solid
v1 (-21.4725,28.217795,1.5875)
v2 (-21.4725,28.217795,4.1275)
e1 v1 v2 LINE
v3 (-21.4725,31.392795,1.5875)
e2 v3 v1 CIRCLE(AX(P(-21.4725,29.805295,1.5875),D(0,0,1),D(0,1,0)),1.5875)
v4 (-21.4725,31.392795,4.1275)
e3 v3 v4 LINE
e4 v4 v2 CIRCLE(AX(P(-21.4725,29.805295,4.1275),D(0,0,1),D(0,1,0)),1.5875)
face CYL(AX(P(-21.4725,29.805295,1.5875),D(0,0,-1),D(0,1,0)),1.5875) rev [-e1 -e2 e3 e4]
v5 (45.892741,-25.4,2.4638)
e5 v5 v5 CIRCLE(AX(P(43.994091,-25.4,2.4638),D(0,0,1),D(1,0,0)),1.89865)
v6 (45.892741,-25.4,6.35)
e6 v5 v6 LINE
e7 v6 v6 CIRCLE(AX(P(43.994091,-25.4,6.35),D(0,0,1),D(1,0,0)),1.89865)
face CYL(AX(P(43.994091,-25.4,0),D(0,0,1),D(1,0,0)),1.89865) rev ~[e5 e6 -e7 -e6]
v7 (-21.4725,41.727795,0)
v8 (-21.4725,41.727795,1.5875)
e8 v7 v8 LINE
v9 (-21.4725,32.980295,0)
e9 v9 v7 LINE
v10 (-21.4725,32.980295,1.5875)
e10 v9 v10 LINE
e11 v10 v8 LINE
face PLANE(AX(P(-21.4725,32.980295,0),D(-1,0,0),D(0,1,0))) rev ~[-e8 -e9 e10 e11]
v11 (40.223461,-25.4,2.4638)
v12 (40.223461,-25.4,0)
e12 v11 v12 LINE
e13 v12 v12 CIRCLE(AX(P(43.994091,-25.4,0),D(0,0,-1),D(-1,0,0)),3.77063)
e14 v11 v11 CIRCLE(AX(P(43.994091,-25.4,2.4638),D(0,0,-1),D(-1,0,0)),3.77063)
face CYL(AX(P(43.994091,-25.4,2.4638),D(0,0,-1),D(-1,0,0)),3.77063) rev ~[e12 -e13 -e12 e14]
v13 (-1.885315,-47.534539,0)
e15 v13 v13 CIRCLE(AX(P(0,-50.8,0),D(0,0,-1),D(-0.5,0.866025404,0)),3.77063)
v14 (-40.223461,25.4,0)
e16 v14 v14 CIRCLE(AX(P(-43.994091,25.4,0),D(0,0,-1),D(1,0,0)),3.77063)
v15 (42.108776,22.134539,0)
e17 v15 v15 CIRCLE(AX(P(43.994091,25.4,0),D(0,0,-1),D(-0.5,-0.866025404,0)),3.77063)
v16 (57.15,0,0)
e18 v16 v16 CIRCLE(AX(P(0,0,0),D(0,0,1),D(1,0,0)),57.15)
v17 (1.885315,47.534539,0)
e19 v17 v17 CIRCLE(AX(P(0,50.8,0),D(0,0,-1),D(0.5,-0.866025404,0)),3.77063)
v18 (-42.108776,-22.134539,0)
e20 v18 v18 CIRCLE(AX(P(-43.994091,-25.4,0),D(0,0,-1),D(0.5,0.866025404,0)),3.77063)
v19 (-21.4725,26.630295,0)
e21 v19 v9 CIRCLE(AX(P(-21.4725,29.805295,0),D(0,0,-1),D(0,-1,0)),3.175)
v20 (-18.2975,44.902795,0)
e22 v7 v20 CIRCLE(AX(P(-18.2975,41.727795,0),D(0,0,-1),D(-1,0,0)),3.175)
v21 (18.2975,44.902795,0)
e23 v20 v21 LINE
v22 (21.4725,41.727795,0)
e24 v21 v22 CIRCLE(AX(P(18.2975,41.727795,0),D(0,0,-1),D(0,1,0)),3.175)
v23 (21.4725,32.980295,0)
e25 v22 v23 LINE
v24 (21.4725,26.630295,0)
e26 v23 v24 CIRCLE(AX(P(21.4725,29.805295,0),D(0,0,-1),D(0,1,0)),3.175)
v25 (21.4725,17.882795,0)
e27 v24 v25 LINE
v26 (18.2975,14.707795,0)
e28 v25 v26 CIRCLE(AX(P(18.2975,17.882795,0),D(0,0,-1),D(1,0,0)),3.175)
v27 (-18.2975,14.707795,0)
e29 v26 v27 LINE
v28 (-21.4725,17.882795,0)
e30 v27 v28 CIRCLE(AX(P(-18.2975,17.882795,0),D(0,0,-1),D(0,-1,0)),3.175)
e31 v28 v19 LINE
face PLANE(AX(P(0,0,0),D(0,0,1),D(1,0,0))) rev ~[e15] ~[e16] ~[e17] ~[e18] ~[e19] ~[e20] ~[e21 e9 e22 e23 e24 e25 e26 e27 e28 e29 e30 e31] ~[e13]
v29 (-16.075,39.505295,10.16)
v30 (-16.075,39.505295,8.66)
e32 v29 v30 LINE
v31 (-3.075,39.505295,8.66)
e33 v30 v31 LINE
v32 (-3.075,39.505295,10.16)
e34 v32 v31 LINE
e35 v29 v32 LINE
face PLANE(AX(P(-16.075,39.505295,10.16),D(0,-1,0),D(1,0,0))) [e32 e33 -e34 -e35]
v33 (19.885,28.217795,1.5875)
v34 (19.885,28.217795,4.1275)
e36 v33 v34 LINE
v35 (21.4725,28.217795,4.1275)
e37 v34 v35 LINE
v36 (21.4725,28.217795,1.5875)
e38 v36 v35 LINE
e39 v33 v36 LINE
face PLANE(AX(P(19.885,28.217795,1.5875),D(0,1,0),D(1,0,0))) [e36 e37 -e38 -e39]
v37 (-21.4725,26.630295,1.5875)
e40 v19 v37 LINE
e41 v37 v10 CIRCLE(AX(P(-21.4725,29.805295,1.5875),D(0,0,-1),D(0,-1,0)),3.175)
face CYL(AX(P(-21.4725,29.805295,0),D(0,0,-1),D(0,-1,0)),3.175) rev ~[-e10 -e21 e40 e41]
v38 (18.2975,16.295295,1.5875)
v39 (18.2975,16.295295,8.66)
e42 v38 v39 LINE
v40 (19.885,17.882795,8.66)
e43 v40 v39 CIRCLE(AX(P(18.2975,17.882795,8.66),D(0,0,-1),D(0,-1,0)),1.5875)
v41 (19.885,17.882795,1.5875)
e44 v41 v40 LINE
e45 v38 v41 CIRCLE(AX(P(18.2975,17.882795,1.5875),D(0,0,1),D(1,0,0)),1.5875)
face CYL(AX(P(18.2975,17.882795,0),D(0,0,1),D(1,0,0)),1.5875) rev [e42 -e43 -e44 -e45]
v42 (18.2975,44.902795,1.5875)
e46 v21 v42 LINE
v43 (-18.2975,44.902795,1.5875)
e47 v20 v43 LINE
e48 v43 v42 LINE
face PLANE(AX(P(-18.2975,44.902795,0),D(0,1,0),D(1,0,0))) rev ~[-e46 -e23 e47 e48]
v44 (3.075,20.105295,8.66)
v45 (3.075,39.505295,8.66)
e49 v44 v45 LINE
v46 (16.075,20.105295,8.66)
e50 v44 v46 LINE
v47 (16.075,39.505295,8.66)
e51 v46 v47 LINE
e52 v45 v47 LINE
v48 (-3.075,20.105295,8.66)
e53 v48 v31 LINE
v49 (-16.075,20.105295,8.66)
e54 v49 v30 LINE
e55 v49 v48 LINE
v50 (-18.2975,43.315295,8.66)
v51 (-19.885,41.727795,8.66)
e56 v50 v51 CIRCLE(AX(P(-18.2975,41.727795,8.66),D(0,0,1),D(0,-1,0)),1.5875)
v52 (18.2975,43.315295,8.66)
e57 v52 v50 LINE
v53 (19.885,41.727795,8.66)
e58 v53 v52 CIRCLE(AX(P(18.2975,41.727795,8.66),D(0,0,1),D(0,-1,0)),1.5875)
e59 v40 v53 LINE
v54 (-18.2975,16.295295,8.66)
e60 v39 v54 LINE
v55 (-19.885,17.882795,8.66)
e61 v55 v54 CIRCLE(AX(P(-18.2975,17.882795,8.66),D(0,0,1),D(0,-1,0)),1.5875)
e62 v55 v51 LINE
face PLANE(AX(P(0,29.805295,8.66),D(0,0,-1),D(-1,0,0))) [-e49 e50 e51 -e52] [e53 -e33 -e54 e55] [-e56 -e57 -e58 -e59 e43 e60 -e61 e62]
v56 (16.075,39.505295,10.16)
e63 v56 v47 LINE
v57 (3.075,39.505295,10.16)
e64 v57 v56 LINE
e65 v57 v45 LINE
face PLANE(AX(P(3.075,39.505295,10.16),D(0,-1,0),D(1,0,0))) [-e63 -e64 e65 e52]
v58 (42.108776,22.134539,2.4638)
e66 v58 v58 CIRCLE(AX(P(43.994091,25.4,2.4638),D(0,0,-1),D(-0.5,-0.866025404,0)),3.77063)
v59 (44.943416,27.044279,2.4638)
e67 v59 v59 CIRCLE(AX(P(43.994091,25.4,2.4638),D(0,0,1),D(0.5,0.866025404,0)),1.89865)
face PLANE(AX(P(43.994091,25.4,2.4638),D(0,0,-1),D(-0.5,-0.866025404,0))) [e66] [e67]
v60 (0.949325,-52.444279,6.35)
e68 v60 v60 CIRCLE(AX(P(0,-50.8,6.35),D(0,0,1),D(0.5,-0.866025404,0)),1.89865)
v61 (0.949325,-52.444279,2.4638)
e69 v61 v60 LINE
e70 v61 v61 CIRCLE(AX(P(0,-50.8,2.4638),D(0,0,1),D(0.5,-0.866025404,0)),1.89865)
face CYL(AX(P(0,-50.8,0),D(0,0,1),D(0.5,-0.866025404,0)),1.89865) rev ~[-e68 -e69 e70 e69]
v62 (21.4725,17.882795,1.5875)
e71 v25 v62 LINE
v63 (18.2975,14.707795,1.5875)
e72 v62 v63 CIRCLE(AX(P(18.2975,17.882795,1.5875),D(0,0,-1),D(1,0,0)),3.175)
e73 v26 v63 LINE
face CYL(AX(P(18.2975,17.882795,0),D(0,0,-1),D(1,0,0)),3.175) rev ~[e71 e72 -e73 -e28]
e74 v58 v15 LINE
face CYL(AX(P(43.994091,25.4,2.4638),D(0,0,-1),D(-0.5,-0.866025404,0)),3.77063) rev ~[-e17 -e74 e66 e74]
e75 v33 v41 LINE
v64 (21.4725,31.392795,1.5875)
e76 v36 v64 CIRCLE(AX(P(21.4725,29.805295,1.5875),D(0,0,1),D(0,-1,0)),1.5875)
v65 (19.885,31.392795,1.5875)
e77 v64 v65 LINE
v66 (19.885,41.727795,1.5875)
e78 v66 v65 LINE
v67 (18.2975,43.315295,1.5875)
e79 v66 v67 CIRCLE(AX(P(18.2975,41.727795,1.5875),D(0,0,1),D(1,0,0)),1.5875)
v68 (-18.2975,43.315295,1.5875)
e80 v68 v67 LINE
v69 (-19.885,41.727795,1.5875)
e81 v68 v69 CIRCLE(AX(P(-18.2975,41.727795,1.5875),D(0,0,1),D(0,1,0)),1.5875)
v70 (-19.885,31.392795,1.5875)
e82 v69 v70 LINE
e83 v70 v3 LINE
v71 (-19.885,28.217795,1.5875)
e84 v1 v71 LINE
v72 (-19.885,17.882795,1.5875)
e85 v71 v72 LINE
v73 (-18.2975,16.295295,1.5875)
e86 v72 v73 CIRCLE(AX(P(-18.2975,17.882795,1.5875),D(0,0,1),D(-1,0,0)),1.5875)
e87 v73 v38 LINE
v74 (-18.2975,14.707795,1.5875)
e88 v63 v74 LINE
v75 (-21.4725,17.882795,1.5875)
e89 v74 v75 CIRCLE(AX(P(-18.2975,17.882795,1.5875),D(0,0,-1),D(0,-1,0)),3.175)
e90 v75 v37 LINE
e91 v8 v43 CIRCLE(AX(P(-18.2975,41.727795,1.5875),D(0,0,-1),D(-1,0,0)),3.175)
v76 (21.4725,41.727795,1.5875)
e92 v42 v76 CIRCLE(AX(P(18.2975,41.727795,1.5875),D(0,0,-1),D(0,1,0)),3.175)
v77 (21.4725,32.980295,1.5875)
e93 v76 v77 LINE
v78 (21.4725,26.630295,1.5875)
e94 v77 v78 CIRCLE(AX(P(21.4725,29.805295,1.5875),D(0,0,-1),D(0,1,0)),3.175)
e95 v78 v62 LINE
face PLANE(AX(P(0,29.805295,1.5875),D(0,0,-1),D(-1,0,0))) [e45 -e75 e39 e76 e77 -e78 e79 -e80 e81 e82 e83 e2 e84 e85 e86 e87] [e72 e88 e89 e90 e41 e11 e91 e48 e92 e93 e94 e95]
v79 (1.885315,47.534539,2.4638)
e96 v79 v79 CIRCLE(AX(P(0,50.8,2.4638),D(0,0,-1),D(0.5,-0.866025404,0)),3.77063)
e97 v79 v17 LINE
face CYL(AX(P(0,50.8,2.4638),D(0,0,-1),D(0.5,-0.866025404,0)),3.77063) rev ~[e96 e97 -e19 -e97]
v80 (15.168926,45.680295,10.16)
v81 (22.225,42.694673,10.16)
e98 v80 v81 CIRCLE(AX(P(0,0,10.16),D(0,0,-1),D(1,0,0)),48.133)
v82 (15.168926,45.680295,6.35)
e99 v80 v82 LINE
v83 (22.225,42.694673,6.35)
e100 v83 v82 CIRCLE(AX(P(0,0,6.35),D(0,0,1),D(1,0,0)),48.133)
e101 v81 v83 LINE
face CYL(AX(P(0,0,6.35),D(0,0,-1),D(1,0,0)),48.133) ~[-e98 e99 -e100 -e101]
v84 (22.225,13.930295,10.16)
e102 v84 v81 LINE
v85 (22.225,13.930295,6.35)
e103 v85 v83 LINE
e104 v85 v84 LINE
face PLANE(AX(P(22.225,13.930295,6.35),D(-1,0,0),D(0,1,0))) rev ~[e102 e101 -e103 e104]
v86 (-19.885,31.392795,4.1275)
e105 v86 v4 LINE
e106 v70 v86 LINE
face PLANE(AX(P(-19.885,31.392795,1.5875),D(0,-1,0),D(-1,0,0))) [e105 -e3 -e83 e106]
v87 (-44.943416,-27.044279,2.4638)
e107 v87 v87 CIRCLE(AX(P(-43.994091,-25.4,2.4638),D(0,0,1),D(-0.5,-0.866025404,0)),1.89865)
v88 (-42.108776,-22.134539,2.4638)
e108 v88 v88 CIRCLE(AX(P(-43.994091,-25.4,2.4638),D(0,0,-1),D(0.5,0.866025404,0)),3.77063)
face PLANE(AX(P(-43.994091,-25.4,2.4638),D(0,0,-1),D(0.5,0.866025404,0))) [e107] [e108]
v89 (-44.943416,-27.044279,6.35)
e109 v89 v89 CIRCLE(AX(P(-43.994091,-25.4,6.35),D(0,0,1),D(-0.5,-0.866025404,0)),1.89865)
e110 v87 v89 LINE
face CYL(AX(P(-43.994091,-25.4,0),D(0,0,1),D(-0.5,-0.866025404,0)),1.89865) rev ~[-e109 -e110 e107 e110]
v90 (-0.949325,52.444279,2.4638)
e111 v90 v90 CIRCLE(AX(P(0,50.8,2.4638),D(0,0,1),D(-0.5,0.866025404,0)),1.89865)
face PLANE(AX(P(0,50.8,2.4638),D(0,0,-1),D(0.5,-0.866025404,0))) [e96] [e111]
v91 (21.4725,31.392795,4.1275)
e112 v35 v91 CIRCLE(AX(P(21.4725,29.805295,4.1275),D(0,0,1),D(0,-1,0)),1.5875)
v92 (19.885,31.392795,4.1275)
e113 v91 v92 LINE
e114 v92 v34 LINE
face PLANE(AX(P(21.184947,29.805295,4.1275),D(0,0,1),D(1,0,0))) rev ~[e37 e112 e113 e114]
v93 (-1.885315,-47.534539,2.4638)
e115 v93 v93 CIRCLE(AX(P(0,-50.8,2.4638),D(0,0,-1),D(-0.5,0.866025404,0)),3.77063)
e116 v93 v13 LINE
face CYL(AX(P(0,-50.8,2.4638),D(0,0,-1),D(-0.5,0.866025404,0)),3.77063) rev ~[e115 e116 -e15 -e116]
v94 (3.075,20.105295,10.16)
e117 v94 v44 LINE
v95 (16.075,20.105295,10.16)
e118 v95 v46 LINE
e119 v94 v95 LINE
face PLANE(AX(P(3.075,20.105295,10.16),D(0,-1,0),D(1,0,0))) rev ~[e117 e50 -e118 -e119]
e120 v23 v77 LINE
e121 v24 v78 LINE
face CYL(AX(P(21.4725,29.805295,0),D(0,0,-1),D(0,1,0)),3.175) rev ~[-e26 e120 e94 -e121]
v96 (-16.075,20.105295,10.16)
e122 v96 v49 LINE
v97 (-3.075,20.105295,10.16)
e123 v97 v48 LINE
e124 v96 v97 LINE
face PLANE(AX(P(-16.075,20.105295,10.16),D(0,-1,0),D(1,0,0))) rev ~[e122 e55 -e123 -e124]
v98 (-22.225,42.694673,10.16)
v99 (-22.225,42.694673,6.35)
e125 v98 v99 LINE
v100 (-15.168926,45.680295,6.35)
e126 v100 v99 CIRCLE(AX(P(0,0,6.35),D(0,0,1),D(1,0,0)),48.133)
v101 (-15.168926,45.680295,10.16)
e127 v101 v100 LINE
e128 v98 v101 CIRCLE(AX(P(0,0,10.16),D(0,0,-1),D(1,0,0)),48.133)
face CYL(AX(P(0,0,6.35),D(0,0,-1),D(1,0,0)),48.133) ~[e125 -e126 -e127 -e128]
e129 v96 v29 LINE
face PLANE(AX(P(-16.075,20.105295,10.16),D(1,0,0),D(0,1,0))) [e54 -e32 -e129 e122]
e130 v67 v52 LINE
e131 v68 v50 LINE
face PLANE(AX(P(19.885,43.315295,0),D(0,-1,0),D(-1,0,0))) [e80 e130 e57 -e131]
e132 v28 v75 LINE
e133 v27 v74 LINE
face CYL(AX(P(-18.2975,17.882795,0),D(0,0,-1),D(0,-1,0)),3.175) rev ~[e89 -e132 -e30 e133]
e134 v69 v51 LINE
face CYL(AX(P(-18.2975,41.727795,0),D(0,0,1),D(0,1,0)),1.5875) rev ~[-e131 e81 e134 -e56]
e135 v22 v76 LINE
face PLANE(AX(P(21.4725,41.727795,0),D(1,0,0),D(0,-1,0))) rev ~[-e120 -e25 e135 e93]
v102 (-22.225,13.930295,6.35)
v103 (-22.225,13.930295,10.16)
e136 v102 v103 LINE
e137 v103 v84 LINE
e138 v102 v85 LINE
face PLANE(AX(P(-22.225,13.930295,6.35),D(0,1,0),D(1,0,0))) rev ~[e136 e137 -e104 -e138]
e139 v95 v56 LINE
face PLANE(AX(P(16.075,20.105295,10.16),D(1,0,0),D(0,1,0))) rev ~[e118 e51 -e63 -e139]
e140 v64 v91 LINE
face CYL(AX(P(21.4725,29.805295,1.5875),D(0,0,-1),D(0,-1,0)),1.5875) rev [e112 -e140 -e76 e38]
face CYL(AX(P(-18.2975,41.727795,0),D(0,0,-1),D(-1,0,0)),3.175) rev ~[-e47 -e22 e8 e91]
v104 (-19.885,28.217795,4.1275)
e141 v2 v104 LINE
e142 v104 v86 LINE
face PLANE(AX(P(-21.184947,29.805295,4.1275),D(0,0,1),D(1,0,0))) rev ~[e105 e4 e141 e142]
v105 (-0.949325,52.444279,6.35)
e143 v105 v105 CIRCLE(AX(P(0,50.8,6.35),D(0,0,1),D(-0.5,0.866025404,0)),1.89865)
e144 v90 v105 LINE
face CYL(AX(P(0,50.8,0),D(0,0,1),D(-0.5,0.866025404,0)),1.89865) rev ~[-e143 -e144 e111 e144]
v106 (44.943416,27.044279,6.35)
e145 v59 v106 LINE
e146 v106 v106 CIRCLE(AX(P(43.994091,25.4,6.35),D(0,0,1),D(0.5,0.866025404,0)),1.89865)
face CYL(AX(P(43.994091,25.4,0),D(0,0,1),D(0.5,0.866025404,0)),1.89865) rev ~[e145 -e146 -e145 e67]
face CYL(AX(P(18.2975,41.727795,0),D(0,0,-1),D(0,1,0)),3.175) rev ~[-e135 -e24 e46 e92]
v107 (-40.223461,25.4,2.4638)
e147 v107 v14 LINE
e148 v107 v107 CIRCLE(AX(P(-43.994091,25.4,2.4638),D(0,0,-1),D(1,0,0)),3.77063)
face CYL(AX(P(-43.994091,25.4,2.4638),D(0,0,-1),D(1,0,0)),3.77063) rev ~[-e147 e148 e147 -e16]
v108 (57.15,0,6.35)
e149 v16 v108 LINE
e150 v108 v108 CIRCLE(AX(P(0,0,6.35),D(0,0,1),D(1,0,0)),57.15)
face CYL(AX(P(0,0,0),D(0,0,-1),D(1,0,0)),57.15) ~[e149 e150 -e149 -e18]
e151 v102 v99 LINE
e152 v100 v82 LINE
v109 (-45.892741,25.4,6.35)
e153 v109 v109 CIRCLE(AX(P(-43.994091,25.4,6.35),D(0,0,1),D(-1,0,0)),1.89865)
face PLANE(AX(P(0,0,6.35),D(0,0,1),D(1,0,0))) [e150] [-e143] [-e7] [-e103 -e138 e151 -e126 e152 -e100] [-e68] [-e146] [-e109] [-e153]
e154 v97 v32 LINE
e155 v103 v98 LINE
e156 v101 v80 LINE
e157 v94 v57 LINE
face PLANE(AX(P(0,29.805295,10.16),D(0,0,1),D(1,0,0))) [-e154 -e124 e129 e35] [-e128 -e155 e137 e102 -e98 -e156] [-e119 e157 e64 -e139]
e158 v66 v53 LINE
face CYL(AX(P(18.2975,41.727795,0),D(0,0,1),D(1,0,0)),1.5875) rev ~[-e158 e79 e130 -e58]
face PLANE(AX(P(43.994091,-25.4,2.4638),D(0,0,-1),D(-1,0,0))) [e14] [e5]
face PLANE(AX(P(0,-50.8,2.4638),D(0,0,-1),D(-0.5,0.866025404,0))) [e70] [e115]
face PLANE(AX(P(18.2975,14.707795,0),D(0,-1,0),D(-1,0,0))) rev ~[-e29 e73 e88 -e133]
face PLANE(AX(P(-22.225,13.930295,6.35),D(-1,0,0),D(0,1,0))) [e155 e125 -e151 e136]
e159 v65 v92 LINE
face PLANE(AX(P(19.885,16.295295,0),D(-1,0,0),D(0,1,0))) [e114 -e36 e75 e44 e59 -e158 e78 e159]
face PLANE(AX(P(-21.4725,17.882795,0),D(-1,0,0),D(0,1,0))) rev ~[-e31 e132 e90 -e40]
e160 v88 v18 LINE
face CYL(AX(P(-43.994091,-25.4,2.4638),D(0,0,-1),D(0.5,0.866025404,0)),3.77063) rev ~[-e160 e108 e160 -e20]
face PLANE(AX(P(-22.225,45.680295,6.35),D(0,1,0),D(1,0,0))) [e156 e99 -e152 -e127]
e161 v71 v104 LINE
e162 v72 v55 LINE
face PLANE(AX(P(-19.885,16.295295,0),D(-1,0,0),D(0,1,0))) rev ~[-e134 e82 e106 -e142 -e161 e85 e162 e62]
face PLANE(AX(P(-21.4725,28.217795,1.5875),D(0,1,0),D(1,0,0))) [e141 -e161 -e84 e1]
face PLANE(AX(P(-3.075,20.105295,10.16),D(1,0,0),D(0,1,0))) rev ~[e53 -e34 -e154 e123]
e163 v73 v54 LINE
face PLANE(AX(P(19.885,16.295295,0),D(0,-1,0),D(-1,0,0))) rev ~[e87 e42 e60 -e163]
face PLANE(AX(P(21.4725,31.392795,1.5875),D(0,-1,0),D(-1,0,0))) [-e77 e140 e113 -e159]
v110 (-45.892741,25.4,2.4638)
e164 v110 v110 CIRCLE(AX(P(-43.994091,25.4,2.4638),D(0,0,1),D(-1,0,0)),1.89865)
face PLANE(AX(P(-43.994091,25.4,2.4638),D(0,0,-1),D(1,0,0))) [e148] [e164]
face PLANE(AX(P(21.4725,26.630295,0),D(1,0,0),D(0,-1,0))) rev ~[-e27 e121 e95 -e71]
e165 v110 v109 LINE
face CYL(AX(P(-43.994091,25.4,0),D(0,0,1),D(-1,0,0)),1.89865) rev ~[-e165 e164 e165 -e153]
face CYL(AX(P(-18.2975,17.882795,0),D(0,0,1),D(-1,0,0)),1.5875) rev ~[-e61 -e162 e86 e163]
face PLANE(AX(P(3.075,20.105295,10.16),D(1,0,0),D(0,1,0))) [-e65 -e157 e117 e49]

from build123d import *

# Parameters (mm, degrees)
SKETCH1_R                                       = 57.15
BOSS_EXTRUDE1_DEPTH                             = 6.35
SKETCH2_W                                       = 44.45
SKETCH2_H                                       = 31.75
BOSS_EXTRUDE2_DEPTH                             = 3.81
SKETCH3_W                                       = 13
SKETCH3_H                                       = 19.4
CUT_EXTRUDE1_DEPTH                              = 82.458397971
SKETCH4_W                                       = 39.77
SKETCH4_H                                       = 27.02
CUT_EXTRUDE2_DEPTH                              = 8.66
FILLET1_R                                       = 1.5875
CUT_EXTRUDE3_DEPTH                              = 1.5875
CBORE_FOR_6_PAN_HEAD_MACHINE_SCREW1_D           = 3.7973
CBORE_FOR_6_PAN_HEAD_MACHINE_SCREW1_CBORE_D     = 7.54126
CBORE_FOR_6_PAN_HEAD_MACHINE_SCREW1_CBORE_DEPTH = 2.4638
CIRPATTERN1_COUNT                               = 6
SKETCH27_R                                      = 63.5
SKETCH27_R_2                                    = 48.133
CUT_EXTRUDE14_DEPTH                             = 82.071372876
CUT_EXTRUDE15_DEPTH                             = 2.54


with BuildPart() as part:
    # Sketch1 → Boss-Extrude1 (new body)
    with BuildSketch(Plane.XY):
        Circle(SKETCH1_R)
    extrude(amount=BOSS_EXTRUDE1_DEPTH)

    # Sketch2 → Boss-Extrude2 (add)
    with BuildSketch(Plane.XY.offset(6.35)):
        with Locations((0, 29.80529526)):
            Rectangle(SKETCH2_W, SKETCH2_H)
    extrude(amount=BOSS_EXTRUDE2_DEPTH)

    # Sketch3 → Cut-Extrude1 (cut, through all)
    with BuildSketch(Plane.XY.offset(10.16)):
        with Locations((-9.575, 29.80529526)):
            Rectangle(SKETCH3_W, SKETCH3_H)
        with Locations((9.575, 29.80529526)):
            Rectangle(SKETCH3_W, SKETCH3_H)
    extrude(amount=-CUT_EXTRUDE1_DEPTH, mode=Mode.SUBTRACT)

    # Sketch4 → Cut-Extrude2 (cut)
    with BuildSketch(Plane(origin=(0, 0, 0), x_dir=(-1, 0, 0), z_dir=(0, 0, -1))):
        with Locations((0, 29.80529526)):
            Rectangle(SKETCH4_W, SKETCH4_H)
    extrude(amount=-CUT_EXTRUDE2_DEPTH, mode=Mode.SUBTRACT)

    # Fillet1
    fillet1_edges = [part.edges().sort_by_distance(p)[0] for p in [
        (-19.885, 16.29529526, 4.33),
        (-19.885, 43.31529526, 4.33),
        (19.885, 43.31529526, 4.33),
        (19.885, 16.29529526, 4.33),
    ]]
    fillet(fillet1_edges, radius=FILLET1_R)

    # Sketch8 → Cut-Extrude3 (cut)
    with BuildSketch(Plane(origin=(0, 0, 0), x_dir=(-1, 0, 0), z_dir=(0, 0, -1))):
        with BuildLine():
            Line((18.2975, 44.90279526), (-18.2975, 44.90279526))
            ThreePointArc((-18.2975, 44.90279526), (-20.54256403, 43.97285929), (-21.4725, 41.72779526))
            Line((-21.4725, 41.72779526), (-21.4725, 32.98029526))
            ThreePointArc((-21.4725, 32.98029526), (-24.6475, 29.80529526), (-21.4725, 26.63029526))
            Line((-21.4725, 26.63029526), (-21.4725, 17.88279526))
            ThreePointArc((-21.4725, 17.88279526), (-20.54256403, 15.637731229), (-18.2975, 14.70779526))
            Line((-18.2975, 14.70779526), (18.2975, 14.70779526))
            ThreePointArc((18.2975, 14.70779526), (20.54256403, 15.637731229), (21.4725, 17.88279526))
            Line((21.4725, 17.88279526), (21.4725, 26.63029526))
            ThreePointArc((21.4725, 26.63029526), (24.6475, 29.80529526), (21.4725, 32.98029526))
            Line((21.4725, 32.98029526), (21.4725, 41.72779526))
            ThreePointArc((21.4725, 41.72779526), (20.54256403, 43.97285929), (18.2975, 44.90279526))
        make_face()
    extrude(amount=-CUT_EXTRUDE3_DEPTH, mode=Mode.SUBTRACT)

    # CBORE for #6 Pan Head Machine Screw1 (through all)
    with Locations(Plane(origin=(0, 0, 0), x_dir=(-1, 0, 0), z_dir=(0, 0, -1))):
        with Locations((-43.994090512, -25.4)):
            cbore_for_6_pan_head_machine_screw1 = CounterBoreHole(CBORE_FOR_6_PAN_HEAD_MACHINE_SCREW1_D / 2, CBORE_FOR_6_PAN_HEAD_MACHINE_SCREW1_CBORE_D / 2, CBORE_FOR_6_PAN_HEAD_MACHINE_SCREW1_CBORE_DEPTH)

    # CirPattern1: CBORE for #6 Pan Head Machine Screw1 ×6 about axis
    cirpattern1_axis = Axis((0, 0, 0), (0, 0, 1))
    for i in range(1, CIRPATTERN1_COUNT):
        add(cbore_for_6_pan_head_machine_screw1.rotate(cirpattern1_axis, i * 360 / CIRPATTERN1_COUNT), mode=Mode.SUBTRACT)

    # Sketch27 → Cut-Extrude14 (cut, through all)
    with BuildSketch(Plane.XY.offset(6.35)):
        Circle(SKETCH27_R)
        Circle(SKETCH27_R_2, mode=Mode.SUBTRACT)
    extrude(amount=CUT_EXTRUDE14_DEPTH, mode=Mode.SUBTRACT)

    # Sketch28 → Cut-Extrude15 (cut)
    with BuildSketch(Plane(origin=(0, 0, 1.5875), x_dir=(-1, 0, 0), z_dir=(0, 0, -1))):
        with BuildLine():
            Line((-21.4725, 31.39279526), (-19.885, 31.39279526))
            Line((-19.885, 31.39279526), (-19.885, 28.21779526))
            Line((-19.885, 28.21779526), (-21.4725, 28.21779526))
            ThreePointArc((-21.4725, 28.21779526), (-23.06, 29.80529526), (-21.4725, 31.39279526))
        make_face()
        with BuildLine():
            Line((21.4725, 28.21779526), (19.885, 28.21779526))
            Line((19.885, 28.21779526), (19.885, 31.39279526))
            Line((19.885, 31.39279526), (21.4725, 31.39279526))
            ThreePointArc((21.4725, 31.39279526), (23.06, 29.80529526), (21.4725, 28.21779526))
        make_face()
    extrude(amount=-CUT_EXTRUDE15_DEPTH, mode=Mode.SUBTRACT)


solid = part.part
